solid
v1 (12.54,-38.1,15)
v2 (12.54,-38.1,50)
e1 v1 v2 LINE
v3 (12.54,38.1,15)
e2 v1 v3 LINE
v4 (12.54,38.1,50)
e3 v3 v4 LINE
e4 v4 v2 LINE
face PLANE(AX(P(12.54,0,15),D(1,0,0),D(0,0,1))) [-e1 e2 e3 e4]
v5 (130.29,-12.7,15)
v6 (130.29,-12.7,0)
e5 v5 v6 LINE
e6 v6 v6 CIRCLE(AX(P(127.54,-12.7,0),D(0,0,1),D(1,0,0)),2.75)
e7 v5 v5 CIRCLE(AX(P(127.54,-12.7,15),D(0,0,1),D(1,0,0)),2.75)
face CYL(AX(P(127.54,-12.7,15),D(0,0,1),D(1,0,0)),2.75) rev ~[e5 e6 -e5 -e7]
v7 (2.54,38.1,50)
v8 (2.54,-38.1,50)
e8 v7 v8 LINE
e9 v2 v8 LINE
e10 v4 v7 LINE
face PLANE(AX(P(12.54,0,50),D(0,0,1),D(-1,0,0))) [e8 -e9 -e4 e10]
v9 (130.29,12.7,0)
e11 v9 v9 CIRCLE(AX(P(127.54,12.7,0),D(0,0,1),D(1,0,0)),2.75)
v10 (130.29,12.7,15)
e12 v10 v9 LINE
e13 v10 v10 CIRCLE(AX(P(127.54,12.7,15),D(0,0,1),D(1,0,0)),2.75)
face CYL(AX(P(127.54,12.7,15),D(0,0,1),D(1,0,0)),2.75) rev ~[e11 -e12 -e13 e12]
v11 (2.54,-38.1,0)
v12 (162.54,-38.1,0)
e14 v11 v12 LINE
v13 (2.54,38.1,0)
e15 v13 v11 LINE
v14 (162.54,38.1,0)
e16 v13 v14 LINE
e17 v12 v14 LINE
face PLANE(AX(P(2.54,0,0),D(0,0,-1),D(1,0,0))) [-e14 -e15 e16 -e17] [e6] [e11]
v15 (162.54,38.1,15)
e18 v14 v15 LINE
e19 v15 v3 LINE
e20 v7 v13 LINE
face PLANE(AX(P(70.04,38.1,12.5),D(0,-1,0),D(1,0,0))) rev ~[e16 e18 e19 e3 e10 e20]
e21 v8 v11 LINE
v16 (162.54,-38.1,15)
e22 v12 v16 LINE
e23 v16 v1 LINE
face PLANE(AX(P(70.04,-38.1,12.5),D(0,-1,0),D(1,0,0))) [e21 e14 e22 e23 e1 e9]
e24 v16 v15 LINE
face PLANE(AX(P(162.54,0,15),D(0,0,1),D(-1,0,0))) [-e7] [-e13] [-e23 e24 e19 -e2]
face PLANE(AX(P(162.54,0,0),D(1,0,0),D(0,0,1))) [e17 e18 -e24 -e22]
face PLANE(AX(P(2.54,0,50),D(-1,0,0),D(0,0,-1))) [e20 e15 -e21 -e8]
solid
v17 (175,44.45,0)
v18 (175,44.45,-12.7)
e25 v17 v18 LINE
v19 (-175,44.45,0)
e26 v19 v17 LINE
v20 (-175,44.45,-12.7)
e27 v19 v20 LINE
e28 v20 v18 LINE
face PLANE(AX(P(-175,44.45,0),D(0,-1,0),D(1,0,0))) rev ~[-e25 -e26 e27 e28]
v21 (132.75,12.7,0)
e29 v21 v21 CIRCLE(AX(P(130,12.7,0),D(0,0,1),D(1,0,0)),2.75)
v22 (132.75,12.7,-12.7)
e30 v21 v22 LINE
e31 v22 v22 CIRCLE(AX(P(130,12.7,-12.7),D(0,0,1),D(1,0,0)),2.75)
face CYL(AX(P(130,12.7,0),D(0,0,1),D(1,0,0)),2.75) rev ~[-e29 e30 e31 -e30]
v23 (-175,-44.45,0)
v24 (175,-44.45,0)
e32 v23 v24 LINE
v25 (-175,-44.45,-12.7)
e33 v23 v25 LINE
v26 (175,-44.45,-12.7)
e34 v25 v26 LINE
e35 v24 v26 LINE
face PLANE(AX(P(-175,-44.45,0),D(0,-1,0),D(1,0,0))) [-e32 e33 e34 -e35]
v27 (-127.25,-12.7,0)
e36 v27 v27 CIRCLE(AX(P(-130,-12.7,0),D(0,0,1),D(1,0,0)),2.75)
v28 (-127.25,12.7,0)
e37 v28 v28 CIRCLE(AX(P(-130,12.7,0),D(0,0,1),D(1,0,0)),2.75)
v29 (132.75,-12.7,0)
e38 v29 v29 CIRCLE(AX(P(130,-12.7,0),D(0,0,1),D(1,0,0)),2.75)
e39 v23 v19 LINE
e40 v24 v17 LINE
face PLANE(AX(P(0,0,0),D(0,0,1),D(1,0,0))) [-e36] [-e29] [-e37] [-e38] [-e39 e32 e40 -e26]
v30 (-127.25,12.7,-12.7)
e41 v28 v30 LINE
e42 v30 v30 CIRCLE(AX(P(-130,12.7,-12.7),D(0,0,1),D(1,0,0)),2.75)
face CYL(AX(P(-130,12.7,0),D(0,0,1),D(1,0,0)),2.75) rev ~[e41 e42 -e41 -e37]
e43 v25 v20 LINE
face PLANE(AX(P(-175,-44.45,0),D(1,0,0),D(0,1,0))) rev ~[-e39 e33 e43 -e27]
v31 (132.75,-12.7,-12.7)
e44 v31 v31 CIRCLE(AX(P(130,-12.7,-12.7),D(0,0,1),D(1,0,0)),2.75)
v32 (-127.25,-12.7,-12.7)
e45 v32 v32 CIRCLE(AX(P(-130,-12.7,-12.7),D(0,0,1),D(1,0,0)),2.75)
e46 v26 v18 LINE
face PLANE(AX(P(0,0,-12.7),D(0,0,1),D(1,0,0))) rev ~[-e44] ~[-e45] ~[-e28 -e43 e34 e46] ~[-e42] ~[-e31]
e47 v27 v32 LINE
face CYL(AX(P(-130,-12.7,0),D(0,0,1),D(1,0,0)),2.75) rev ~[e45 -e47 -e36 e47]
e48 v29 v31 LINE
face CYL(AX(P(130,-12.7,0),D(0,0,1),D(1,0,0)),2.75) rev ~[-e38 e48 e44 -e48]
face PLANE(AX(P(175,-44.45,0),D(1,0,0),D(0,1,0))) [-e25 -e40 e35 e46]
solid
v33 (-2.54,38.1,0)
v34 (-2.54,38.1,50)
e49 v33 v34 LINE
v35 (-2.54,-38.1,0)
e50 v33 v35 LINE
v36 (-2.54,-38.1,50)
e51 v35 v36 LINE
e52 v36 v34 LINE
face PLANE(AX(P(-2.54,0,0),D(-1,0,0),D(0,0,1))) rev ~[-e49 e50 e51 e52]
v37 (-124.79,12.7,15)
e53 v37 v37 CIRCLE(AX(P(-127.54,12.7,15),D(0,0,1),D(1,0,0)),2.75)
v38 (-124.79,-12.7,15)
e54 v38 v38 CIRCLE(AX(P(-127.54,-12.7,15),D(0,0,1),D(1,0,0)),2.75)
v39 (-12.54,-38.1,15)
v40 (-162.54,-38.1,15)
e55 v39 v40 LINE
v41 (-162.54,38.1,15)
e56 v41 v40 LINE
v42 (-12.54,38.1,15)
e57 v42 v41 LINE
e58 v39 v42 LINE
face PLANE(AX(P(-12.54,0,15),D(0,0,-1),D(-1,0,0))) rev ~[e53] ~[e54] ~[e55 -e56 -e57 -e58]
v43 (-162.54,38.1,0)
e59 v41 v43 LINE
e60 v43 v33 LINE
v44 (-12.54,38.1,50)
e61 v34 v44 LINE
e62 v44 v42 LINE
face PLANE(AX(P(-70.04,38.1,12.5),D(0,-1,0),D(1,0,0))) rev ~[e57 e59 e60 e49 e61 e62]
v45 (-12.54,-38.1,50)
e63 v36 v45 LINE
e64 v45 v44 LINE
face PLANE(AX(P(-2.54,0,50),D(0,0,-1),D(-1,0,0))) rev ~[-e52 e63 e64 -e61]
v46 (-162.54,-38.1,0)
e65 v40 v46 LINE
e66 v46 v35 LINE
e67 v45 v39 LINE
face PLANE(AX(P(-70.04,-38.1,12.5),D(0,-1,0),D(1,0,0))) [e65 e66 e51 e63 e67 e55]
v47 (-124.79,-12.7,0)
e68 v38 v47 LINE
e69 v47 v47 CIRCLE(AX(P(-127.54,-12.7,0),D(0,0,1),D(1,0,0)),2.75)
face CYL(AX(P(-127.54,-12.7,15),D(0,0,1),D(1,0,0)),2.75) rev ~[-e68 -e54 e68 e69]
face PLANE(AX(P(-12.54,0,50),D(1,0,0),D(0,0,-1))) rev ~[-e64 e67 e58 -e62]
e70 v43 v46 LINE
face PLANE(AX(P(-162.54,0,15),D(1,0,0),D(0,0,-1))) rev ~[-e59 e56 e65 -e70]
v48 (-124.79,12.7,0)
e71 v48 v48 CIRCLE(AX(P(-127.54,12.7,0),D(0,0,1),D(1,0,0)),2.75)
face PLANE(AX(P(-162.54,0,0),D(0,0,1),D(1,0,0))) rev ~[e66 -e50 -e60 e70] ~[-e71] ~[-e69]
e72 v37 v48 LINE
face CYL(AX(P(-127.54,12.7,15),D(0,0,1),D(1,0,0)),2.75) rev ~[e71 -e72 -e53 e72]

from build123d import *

# Parameters (mm, degrees)
F1_DEPTH = 38.1
F2_W     = 350
F2_H     = 88.9
F2_R     = 2.75
F3_DEPTH = 12.7
F4_R     = 2.75
F5_DEPTH = 15


with BuildPart() as f1:
    # F0 (on Front) → F1 (new body, symmetric)
    with BuildSketch(Plane.XZ):
        Polygon((-12.54, 15), (-162.54, 15), (-162.54, 0), (-2.54, 0), (-2.54, 50), (-12.54, 50), align=None)
        Polygon((12.54, 15), (12.54, 50), (2.54, 50), (2.54, 0), (162.54, 0), (162.54, 15), align=None)
    extrude(amount=F1_DEPTH, both=True)

    # F4 (on face) → F5 (cut, through all)
    with BuildSketch(Plane.XY.offset(15)):
        with Locations((-127.54, -12.7)):
            Circle(F4_R)
        with Locations((127.54, -12.7)):
            Circle(F4_R)
        with Locations((127.54, 12.7)):
            Circle(F4_R)
        with Locations((-127.54, 12.7)):
            Circle(F4_R)
    extrude(amount=-F5_DEPTH, mode=Mode.SUBTRACT)


with BuildPart() as f3:
    # F2 (on Top) → F3 (new body)
    with BuildSketch(Plane.XY):
        Rectangle(F2_W, F2_H)
        with Locations((-130, -12.7)):
            Circle(F2_R, mode=Mode.SUBTRACT)
        with Locations((130, -12.7)):
            Circle(F2_R, mode=Mode.SUBTRACT)
        with Locations((-130, 12.7)):
            Circle(F2_R, mode=Mode.SUBTRACT)
        with Locations((130, 12.7)):
            Circle(F2_R, mode=Mode.SUBTRACT)
    extrude(amount=-F3_DEPTH)


solid = Compound([f1.part, f3.part])
